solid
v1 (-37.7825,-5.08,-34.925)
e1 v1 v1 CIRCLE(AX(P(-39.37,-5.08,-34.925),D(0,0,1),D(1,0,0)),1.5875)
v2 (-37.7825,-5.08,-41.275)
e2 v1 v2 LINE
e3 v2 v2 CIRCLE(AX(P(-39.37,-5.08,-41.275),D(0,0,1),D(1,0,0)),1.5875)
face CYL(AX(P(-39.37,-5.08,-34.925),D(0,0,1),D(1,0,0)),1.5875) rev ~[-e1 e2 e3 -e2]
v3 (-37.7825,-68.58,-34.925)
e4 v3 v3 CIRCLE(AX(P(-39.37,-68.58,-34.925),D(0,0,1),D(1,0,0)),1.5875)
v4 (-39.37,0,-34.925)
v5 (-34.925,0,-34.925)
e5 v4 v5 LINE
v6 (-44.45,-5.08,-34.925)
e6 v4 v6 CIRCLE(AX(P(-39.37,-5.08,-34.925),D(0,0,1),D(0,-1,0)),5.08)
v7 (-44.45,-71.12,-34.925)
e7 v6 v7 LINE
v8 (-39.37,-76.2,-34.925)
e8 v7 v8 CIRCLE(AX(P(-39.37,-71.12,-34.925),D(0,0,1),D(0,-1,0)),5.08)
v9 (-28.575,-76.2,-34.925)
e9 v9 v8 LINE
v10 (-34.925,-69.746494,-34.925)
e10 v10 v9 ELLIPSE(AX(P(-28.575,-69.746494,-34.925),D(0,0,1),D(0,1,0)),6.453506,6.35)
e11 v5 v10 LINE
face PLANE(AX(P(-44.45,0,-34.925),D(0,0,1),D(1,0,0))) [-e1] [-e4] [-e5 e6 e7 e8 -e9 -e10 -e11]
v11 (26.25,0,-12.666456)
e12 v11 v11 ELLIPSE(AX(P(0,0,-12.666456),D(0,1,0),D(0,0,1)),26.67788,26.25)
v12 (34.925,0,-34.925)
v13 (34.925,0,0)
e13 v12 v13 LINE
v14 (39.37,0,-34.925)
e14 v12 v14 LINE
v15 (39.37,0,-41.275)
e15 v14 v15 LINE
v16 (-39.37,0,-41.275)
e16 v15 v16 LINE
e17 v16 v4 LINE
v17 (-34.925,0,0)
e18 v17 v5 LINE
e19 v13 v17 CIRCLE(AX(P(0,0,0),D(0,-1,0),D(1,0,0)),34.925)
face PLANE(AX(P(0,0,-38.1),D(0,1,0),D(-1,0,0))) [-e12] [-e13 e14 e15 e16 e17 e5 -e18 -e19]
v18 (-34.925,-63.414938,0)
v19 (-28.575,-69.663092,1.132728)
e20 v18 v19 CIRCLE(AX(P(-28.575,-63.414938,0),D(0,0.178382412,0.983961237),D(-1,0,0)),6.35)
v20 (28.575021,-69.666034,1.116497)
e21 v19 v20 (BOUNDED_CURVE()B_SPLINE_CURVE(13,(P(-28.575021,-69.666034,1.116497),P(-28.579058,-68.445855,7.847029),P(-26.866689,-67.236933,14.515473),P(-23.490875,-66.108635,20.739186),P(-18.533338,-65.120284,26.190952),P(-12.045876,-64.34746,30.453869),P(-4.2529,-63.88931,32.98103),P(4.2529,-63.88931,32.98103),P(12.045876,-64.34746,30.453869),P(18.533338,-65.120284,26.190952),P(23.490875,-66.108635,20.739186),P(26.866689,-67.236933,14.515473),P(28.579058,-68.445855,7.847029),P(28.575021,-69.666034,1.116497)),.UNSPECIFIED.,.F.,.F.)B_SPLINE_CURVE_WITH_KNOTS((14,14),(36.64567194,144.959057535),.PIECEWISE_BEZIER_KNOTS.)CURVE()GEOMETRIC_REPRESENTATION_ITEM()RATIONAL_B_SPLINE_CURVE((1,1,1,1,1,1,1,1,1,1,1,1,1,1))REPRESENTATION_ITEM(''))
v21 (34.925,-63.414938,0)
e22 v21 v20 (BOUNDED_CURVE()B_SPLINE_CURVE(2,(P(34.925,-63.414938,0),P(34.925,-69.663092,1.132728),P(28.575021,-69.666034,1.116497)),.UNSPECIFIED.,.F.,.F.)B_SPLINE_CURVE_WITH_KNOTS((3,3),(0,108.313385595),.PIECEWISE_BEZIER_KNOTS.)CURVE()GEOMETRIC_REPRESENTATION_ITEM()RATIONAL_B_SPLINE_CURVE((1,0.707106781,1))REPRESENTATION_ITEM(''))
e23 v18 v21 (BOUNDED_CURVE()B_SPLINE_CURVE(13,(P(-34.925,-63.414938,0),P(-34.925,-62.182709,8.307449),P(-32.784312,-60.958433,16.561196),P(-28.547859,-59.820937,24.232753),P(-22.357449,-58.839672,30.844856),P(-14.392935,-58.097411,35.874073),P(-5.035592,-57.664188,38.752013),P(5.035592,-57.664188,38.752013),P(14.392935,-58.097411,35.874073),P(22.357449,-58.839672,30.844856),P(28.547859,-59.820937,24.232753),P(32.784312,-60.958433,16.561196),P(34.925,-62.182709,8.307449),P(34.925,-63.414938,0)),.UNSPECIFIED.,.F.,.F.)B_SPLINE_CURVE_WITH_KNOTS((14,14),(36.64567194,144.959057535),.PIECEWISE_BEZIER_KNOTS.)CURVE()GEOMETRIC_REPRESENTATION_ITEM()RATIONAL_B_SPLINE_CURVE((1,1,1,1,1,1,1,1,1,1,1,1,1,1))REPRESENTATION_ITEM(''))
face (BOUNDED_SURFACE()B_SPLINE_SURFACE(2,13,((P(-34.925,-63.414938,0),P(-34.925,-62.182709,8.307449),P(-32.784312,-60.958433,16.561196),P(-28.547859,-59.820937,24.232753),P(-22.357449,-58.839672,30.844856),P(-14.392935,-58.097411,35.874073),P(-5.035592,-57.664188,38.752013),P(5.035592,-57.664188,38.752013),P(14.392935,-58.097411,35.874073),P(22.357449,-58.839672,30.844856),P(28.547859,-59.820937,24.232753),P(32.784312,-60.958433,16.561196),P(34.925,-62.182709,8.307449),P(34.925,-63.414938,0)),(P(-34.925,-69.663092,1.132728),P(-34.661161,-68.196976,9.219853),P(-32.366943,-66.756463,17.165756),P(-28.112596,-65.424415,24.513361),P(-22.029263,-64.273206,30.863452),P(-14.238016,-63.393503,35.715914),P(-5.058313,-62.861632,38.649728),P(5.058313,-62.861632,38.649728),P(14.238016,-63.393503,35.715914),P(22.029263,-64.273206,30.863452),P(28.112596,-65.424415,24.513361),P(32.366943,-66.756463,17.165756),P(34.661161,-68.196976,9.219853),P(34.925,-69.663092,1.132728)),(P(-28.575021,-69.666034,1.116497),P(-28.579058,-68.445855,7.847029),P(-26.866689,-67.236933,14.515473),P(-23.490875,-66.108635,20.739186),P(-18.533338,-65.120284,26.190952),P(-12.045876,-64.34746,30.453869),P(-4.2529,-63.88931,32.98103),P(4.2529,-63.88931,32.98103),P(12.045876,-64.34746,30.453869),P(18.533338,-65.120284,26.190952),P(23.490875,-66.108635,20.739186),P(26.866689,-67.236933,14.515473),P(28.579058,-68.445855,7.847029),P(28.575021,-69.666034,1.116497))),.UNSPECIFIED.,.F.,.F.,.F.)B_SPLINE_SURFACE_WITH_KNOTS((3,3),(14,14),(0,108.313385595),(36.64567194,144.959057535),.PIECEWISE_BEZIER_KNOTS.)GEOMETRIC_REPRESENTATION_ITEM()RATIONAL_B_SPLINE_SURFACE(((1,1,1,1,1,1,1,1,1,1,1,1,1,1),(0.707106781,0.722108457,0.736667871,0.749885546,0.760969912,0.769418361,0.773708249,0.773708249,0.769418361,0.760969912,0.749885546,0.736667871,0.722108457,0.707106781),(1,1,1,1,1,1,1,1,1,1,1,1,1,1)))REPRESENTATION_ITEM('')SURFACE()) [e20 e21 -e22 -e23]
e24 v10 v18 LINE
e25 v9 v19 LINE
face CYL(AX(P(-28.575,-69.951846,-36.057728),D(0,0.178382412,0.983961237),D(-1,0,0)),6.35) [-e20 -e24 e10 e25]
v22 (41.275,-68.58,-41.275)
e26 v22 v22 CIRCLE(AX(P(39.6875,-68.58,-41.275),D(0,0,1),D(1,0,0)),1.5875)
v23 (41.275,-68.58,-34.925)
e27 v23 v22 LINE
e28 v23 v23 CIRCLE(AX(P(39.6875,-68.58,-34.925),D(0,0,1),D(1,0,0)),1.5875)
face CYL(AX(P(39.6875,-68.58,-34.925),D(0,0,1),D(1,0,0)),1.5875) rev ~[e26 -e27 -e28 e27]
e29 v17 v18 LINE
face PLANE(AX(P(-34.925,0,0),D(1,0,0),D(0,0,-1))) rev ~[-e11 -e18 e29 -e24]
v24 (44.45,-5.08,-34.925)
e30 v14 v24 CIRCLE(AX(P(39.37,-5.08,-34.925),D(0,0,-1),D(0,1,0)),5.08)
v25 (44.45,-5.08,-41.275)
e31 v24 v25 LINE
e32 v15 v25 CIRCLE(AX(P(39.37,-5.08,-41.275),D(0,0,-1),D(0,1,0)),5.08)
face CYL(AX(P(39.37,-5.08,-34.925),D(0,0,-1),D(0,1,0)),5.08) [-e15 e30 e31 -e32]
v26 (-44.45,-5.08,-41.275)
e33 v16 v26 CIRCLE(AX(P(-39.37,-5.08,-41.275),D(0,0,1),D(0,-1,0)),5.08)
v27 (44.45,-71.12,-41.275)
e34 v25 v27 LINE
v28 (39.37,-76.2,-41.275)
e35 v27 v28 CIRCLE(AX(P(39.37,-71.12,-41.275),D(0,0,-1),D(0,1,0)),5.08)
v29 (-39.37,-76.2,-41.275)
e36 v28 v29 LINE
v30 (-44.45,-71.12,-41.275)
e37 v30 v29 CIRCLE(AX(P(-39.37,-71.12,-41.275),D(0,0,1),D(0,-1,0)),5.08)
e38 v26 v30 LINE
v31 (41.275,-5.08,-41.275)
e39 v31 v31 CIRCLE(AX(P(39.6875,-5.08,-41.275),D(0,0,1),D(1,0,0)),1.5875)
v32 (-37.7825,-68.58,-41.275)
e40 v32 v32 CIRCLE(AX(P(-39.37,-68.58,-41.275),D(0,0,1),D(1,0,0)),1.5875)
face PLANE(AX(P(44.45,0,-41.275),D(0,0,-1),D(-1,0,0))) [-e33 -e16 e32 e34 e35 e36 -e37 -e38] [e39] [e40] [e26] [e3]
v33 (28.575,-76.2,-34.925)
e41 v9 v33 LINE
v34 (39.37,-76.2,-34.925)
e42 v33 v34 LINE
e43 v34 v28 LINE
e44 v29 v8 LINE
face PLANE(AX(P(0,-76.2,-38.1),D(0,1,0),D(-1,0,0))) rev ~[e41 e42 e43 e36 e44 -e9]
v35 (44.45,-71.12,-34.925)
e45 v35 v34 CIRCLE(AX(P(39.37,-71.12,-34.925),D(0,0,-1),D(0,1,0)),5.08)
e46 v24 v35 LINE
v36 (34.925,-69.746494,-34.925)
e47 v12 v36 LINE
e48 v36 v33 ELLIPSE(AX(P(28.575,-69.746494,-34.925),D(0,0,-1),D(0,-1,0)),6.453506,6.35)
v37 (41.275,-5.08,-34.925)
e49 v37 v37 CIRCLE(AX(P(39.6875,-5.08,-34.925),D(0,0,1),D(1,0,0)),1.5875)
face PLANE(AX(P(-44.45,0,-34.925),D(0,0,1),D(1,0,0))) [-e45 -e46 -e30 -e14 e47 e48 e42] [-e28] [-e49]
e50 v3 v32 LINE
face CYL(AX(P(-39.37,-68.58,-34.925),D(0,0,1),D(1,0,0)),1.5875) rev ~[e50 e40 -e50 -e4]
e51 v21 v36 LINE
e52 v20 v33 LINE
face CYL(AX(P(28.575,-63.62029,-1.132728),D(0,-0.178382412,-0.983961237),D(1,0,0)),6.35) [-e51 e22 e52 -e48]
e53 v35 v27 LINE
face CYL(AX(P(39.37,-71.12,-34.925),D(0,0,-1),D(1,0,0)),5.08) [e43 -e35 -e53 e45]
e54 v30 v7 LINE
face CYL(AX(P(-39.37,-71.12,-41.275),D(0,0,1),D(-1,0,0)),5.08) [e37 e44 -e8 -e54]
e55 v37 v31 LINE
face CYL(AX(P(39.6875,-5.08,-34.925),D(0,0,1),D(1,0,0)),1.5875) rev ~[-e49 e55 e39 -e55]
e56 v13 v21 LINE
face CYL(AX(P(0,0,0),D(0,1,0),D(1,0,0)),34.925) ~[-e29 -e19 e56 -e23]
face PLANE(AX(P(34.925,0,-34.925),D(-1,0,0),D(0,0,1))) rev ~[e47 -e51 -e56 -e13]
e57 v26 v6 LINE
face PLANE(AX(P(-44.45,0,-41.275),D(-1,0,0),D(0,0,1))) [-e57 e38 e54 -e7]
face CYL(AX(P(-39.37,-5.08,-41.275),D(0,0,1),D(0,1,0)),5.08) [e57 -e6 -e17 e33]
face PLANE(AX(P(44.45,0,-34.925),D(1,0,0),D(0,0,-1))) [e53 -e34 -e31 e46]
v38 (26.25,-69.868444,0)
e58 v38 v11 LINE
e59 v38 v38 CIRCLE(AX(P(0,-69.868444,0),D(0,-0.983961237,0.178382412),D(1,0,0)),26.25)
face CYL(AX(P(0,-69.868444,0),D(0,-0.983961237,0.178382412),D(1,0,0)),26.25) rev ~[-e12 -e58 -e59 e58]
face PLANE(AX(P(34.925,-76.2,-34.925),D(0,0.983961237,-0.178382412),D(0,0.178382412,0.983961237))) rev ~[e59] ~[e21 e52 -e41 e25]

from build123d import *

# Parameters (mm, degrees)
F1_DEPTH  = 76.2
F3_DEPTH  = 69.851
F6_DEPTH  = 76.2
F4_R      = 26.25
F7_DEPTH  = 76.1115745433
F8_R      = 6.35
F9_R      = 5.08
F10_R     = 1.5875
F11_DEPTH = 25.4


with BuildPart() as f1:
    # F0 (on Front) → F1 (new body)
    with BuildSketch(Plane.XZ):
        with BuildLine():
            Line((-34.925, -34.925), (34.925, -34.925))
            Line((34.925, -34.925), (34.925, 0))
            ThreePointArc((34.925, 0), (0, 34.925), (-34.925, 0))
            Line((-34.925, 0), (-34.925, -34.925))
        make_face()
    extrude(amount=F1_DEPTH)

    # F2 (on face) → F3 (cut, through all)
    with BuildSketch(Plane.YZ.offset(34.925)):
        Polygon((-76.2, 35.1284742355), (-76.2, -34.925), (-63.5, 35.1284742355), align=None)
    extrude(amount=-F3_DEPTH, mode=Mode.SUBTRACT)

    # F5 (on face) → F6 (join)
    with BuildSketch(Plane(origin=(0, 0, 0), x_dir=(-1, 0, 0), z_dir=(0, 1, 0))):
        Polygon((-34.925, -34.925), (-44.45, -34.925), (-44.45, -41.275), (44.45, -41.275), (44.45, -34.925), (34.925, -34.925), align=None)
    extrude(amount=-F6_DEPTH)

    # F4 (on face) → F7 (cut, through all)
    with BuildSketch(Plane(origin=(0, -67.6452101377, 12.2634056073), x_dir=(1, 0, 0), z_dir=(0, -0.9839612366, 0.178382412))):
        with Locations((0, -12.4633015524)):
            Circle(F4_R)
    extrude(amount=-F7_DEPTH, mode=Mode.SUBTRACT)

    # F8
    f8_edges = [f1.edges().sort_by_distance(p)[0] for p in [
        (0, -63.536888, 34.925),
    ]]
    fillet(f8_edges, radius=F8_R)

    # F9
    f9_edges = [f1.edges().sort_by_distance(p)[0] for p in [
        (-44.45, -76.2, -38.1),
        (-44.45, 0, -38.1),
        (44.45, -76.2, -38.1),
        (44.45, 0, -38.1),
    ]]
    fillet(f9_edges, radius=F9_R)

    # F10 (on face) → F11 (cut)
    with BuildSketch(Plane.XY.offset(-34.925)):
        with Locations((-39.37, -5.08)):
            Circle(F10_R)
        with Locations((-39.37, -68.58)):
            Circle(F10_R)
        with Locations((39.6875, -68.58)):
            Circle(F10_R)
        with Locations((39.6875, -5.08)):
            Circle(F10_R)
    extrude(amount=-F11_DEPTH, mode=Mode.SUBTRACT)


solid = f1.part
